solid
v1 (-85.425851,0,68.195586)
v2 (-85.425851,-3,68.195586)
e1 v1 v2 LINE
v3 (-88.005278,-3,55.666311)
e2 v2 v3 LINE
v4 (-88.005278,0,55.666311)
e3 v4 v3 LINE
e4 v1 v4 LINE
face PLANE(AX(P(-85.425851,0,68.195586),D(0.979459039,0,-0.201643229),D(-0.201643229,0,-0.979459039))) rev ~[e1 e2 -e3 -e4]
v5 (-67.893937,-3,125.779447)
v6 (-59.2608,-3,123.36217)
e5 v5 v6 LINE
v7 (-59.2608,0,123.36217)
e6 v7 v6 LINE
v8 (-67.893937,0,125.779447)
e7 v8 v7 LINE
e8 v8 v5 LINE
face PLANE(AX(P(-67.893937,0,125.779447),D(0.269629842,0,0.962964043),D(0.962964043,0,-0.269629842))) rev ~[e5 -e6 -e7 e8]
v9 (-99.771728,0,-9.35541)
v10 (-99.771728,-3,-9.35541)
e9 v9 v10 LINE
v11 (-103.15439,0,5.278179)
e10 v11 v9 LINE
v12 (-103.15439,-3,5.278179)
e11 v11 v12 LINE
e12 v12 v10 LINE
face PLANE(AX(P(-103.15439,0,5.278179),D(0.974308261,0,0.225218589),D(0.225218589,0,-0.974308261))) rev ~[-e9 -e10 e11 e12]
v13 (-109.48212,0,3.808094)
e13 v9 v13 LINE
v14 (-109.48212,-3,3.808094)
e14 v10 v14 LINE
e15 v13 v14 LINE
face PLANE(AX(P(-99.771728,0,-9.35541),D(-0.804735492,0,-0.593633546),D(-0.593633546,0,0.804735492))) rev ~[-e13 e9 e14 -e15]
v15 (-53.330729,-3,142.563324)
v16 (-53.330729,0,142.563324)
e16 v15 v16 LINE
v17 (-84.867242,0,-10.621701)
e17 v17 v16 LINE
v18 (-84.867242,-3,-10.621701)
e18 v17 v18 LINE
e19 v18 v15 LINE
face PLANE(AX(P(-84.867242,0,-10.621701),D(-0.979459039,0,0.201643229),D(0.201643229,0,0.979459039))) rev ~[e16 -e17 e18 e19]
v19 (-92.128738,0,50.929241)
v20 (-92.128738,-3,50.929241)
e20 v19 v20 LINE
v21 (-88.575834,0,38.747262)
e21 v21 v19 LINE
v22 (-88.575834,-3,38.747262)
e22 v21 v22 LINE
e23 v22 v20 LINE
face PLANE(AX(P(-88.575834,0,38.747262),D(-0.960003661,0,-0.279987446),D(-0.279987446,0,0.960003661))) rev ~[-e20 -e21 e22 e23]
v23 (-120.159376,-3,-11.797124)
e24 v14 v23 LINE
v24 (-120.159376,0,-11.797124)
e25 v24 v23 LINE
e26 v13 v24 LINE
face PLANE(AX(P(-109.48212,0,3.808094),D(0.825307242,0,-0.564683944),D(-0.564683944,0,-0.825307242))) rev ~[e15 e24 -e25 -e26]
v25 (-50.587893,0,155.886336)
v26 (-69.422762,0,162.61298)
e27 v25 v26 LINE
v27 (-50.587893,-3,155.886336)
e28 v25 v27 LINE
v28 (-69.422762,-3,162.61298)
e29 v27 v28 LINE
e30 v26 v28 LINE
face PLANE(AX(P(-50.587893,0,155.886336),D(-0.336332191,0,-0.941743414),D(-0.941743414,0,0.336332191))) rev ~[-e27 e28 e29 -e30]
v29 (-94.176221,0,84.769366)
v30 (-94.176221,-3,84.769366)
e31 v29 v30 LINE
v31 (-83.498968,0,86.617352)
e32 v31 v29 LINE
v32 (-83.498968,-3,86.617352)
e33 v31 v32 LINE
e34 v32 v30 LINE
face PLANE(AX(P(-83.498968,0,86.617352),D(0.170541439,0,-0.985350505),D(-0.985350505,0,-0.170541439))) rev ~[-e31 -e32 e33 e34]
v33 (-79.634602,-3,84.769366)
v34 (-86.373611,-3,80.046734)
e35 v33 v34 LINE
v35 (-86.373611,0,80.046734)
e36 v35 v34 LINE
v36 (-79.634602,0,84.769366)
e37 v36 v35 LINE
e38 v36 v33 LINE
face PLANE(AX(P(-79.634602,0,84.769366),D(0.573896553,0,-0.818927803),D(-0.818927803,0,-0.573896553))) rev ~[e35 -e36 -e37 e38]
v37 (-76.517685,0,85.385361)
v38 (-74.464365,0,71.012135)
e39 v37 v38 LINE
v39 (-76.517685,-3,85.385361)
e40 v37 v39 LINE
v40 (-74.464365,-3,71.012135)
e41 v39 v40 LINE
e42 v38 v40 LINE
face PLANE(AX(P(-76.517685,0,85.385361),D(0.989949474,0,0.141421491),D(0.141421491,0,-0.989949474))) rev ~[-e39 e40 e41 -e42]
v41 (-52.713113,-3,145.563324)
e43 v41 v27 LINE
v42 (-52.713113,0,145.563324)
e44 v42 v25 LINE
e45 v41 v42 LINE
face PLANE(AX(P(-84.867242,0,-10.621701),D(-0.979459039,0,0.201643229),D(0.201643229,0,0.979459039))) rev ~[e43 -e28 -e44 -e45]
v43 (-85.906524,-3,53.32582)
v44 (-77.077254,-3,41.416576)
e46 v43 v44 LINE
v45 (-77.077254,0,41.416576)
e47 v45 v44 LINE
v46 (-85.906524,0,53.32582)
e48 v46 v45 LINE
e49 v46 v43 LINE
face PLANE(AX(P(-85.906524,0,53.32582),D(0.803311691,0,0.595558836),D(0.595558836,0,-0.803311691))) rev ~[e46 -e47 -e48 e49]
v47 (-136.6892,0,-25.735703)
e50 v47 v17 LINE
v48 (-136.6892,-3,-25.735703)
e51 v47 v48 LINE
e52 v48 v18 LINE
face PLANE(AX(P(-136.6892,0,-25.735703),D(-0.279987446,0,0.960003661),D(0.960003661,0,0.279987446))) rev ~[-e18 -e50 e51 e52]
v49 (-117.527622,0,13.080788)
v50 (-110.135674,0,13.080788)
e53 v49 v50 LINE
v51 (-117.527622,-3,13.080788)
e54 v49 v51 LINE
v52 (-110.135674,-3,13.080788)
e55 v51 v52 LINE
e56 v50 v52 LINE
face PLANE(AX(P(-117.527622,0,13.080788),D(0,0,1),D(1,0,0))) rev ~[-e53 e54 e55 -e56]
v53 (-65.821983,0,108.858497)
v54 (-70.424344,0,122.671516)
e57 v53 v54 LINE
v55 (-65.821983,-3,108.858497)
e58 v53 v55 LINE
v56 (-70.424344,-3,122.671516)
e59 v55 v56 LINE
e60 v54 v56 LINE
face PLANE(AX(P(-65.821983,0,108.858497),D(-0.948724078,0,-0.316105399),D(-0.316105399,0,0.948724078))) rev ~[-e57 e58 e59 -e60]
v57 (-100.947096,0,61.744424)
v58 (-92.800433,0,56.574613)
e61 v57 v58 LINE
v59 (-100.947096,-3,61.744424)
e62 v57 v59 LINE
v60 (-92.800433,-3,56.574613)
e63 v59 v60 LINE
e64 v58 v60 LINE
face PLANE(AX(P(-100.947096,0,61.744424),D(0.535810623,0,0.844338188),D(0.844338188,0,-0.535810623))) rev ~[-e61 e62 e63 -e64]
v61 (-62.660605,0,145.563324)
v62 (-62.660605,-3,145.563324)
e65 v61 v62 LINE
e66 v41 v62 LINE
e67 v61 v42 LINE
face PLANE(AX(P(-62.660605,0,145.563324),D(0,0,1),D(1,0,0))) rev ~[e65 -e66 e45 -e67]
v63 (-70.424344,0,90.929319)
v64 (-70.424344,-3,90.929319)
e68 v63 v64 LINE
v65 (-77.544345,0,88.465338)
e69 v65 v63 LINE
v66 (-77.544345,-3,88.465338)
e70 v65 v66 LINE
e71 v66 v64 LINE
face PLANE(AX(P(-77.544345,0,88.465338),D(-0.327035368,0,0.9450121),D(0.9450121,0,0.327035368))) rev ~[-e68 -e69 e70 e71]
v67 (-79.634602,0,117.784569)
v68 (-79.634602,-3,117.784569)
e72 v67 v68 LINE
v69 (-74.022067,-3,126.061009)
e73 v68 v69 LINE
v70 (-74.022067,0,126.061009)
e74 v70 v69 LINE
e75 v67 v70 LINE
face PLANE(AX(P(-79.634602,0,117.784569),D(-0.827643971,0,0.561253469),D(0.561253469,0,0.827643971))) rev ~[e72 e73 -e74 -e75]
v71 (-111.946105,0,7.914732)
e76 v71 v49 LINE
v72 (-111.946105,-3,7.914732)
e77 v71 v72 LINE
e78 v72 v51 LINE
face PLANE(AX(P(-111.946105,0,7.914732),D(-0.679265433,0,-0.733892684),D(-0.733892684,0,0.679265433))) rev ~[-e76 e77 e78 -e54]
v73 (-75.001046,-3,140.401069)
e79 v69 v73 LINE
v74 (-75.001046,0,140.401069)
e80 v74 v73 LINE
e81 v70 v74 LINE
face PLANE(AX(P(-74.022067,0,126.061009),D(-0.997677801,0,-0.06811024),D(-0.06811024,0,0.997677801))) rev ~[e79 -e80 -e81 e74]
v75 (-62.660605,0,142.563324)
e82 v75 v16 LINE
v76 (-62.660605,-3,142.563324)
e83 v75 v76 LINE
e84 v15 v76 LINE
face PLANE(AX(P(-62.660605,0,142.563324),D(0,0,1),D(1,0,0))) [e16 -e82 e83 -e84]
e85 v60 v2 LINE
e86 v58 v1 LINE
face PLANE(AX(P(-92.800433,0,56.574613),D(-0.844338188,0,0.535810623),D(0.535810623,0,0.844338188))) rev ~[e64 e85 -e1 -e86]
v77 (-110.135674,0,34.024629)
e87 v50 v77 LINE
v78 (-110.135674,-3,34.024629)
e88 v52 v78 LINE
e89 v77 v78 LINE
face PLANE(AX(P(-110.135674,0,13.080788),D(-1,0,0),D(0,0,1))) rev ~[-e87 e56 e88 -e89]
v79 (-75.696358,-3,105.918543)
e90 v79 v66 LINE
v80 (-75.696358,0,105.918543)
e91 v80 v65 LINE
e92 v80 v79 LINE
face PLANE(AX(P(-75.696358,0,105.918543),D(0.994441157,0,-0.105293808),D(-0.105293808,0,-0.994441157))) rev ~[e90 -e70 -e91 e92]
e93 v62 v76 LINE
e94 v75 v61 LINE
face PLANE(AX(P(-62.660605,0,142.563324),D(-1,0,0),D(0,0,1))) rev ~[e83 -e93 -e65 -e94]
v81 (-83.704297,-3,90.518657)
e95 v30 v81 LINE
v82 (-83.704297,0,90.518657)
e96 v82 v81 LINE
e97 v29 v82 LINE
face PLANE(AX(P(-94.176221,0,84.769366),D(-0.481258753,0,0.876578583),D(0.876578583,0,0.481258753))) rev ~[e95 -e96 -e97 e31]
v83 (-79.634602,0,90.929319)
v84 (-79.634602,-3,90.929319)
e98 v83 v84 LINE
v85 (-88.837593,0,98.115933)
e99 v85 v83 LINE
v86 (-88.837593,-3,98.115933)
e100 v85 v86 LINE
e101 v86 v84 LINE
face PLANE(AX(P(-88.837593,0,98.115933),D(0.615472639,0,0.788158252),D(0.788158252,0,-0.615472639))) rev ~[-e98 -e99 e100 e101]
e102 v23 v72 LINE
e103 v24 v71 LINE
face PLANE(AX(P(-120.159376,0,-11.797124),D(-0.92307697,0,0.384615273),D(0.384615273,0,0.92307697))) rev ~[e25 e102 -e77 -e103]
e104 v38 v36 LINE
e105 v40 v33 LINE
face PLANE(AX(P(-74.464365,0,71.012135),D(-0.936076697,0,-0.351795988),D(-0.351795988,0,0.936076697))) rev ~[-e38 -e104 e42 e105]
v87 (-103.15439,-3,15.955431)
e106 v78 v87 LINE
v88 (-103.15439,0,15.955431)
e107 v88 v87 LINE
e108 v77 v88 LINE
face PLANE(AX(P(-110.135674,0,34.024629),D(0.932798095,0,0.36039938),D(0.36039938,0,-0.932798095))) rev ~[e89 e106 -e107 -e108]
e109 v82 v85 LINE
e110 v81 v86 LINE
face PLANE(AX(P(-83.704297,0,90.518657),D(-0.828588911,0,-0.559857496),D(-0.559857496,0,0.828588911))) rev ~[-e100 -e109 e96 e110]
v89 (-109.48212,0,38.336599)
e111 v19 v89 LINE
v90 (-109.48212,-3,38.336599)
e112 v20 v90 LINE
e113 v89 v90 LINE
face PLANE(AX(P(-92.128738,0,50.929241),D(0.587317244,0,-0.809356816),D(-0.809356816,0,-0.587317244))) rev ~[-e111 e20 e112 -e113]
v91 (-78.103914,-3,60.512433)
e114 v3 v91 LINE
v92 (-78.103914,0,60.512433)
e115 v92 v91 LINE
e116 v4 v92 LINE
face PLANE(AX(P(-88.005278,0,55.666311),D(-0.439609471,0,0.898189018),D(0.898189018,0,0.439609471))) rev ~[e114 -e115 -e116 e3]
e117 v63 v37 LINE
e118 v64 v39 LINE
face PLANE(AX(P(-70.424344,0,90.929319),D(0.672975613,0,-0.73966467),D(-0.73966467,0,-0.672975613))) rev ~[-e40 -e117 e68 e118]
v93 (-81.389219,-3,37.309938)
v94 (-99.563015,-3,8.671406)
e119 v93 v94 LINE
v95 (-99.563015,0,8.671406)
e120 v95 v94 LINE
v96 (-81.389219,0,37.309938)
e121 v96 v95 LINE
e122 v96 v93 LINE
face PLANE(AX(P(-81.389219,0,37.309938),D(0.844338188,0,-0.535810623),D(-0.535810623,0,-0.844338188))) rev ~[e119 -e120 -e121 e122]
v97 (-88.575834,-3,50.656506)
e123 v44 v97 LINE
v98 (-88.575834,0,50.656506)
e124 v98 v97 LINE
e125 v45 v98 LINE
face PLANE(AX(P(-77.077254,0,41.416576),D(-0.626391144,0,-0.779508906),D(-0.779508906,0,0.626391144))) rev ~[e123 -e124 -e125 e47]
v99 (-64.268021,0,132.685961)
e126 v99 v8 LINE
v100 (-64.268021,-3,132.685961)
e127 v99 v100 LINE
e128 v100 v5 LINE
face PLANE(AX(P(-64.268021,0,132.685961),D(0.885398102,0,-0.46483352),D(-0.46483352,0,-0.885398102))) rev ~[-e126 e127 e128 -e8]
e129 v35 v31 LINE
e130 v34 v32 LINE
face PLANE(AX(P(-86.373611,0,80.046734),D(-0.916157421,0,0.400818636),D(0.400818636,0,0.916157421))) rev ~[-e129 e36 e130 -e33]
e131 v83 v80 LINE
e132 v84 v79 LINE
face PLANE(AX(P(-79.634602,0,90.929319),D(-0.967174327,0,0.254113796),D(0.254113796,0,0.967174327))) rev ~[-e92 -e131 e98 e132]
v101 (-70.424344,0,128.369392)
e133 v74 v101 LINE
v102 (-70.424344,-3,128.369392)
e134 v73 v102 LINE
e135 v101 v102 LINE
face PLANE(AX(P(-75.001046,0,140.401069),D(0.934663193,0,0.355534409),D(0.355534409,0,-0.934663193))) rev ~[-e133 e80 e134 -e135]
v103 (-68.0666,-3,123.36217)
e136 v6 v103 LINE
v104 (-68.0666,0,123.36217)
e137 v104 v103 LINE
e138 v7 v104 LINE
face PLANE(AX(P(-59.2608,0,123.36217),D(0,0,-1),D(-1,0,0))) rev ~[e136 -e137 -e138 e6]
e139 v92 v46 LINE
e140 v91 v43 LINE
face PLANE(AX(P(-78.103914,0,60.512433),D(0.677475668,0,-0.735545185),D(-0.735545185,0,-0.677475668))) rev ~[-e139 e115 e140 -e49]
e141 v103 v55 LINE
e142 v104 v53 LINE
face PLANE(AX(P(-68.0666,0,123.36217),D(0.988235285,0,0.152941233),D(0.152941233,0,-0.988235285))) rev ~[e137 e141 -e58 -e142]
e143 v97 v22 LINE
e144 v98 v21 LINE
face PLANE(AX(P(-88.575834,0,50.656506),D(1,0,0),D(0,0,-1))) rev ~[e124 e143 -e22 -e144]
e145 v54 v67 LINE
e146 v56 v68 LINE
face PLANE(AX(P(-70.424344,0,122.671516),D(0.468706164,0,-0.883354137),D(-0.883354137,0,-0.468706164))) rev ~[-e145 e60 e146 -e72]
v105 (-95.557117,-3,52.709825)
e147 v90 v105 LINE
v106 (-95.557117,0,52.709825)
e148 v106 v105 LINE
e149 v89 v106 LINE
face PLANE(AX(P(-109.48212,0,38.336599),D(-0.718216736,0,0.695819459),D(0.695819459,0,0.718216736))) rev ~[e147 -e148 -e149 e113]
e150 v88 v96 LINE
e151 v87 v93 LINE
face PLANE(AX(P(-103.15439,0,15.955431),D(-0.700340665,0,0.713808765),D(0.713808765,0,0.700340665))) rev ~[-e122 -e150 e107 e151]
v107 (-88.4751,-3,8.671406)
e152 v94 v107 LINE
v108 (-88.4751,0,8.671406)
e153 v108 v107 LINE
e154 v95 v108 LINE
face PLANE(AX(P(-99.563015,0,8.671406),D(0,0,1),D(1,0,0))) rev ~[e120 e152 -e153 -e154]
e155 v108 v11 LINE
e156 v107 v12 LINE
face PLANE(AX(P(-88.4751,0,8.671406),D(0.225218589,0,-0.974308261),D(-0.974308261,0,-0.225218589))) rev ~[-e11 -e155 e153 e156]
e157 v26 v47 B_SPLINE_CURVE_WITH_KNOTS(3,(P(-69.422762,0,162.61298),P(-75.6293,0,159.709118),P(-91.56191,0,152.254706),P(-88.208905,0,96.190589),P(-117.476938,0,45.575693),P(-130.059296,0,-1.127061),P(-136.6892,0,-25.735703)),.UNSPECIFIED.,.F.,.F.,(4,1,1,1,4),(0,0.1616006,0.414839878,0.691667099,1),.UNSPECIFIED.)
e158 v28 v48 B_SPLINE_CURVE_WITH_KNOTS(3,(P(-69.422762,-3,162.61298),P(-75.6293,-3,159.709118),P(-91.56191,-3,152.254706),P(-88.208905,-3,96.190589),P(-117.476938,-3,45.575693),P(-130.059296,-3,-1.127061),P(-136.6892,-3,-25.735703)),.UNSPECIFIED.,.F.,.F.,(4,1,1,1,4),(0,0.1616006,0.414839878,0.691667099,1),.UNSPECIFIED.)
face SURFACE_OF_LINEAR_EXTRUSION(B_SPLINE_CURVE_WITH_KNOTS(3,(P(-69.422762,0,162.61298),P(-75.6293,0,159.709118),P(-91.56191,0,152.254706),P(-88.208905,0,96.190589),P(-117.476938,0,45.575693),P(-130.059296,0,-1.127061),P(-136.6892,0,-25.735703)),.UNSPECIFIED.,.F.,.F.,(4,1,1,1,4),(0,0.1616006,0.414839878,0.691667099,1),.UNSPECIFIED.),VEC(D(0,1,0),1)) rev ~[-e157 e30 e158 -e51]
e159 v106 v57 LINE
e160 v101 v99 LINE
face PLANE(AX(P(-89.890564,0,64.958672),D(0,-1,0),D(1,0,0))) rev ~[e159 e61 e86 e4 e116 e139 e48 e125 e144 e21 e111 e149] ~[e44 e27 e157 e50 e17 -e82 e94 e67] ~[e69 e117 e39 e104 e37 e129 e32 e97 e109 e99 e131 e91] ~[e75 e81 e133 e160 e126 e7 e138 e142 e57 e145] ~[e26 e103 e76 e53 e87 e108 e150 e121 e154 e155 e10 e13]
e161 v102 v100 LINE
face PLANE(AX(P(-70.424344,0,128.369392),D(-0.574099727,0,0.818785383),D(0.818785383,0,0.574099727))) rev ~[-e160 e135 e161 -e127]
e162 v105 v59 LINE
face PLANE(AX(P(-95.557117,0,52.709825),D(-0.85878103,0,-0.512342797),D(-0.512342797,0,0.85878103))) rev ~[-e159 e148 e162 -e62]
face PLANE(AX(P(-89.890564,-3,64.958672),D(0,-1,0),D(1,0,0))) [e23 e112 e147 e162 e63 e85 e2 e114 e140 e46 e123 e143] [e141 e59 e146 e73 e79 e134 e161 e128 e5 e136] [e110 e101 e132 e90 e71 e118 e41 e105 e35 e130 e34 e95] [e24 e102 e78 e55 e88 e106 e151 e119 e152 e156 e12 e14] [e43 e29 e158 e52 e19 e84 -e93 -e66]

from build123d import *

# Parameters (mm, degrees)
F1_DEPTH = 3
F2_W     = 20
F2_H     = 3
F3_DEPTH = 25


with BuildPart() as f1:
    # F0 (on Front) → F1 (new body)
    with BuildSketch(Plane.XZ):
        with BuildLine():
            Line((-50.5878934722, 155.886335863), (-69.4227617458, 162.6129796857))
            add(Edge.make_bspline(
                [(-69.4227617458, 162.6129796857), (-75.629299587, 159.7091182866), (-91.5619099649, 152.254705948), (-88.2089050529, 96.1905885787), (-117.4769375663, 45.5756929764), (-130.0592963757, -1.1270613909), (-136.6891999726, -25.73570305)],
                knots=[0, 0, 0, 0, 0.1616006003, 0.414839878, 0.6916670986, 1, 1, 1, 1], degree=3))
            Line((-136.6891999726, -25.73570305), (-84.8672423278, -10.6217007059))
            Line((-84.8672423278, -10.6217007059), (-50.5878934722, 155.886335863))
        make_face()
        Polygon((-117.5276218915, 13.0807881749), (-110.1356736386, 13.0807881749), (-110.1356736386, 34.0246291405), (-103.1543902123, 15.9554307855), (-81.3892186621, 37.3099384404), (-99.563014685, 8.6714058077), (-88.4750997562, 8.6714058077), (-103.1543902123, 5.2781788206), (-99.7717275786, -9.3554096498), (-109.482120264, 3.8080944782), (-120.1593759541, -11.7971242303), (-111.9461054985, 7.9147315687), align=None, mode=Mode.SUBTRACT)
        Polygon((-109.482120264, 38.3365986443), (-95.5571169967, 52.7098247356), (-100.9470961058, 61.7444239131), (-92.8004325941, 56.5746129165), (-85.4258511347, 68.1955858554), (-88.0052784585, 55.6663111316), (-78.1039140189, 60.5124331585), (-85.9065243045, 53.3258201129), (-77.0772542806, 41.4165755308), (-88.5758335704, 50.6565061903), (-88.5758335704, 38.7472616083), (-92.128737954, 50.9292406958), align=None, mode=Mode.SUBTRACT)
        Polygon((-94.1762208009, 84.7693657077), (-83.7042965928, 90.5186565167), (-88.8375929558, 98.1159334577), (-79.6346020327, 90.9293194807), (-75.6963580848, 105.9185428119), (-77.5443451481, 88.4653379715), (-70.4243435526, 90.9293194807), (-76.5176849441, 85.385361085), (-74.4643650019, 71.0121354594), (-79.6346020327, 84.7693657077), (-86.3736114466, 80.0467341713), (-83.4989679048, 86.6173518396), align=None, mode=Mode.SUBTRACT)
        Polygon((-75.0010456618, 140.4010687484), (-70.4243435526, 128.3693922258), (-64.2680210063, 132.6859606004), (-67.8939366249, 125.7794474757), (-59.2607996428, 123.362169931), (-68.0666003378, 123.362169931), (-65.8219834791, 108.858497212), (-70.4243435526, 122.6715160108), (-79.6346020327, 117.7845689298), (-74.0220673384, 126.0610086418), align=None, mode=Mode.SUBTRACT)
    extrude(amount=F1_DEPTH)

    # F2 (on Front) → F3 (cut)
    with BuildSketch(Plane.XZ):
        with Locations((-52.6606052475, 144.0633237362)):
            Rectangle(F2_W, F2_H)
    extrude(amount=F3_DEPTH, mode=Mode.SUBTRACT)


solid = f1.part
